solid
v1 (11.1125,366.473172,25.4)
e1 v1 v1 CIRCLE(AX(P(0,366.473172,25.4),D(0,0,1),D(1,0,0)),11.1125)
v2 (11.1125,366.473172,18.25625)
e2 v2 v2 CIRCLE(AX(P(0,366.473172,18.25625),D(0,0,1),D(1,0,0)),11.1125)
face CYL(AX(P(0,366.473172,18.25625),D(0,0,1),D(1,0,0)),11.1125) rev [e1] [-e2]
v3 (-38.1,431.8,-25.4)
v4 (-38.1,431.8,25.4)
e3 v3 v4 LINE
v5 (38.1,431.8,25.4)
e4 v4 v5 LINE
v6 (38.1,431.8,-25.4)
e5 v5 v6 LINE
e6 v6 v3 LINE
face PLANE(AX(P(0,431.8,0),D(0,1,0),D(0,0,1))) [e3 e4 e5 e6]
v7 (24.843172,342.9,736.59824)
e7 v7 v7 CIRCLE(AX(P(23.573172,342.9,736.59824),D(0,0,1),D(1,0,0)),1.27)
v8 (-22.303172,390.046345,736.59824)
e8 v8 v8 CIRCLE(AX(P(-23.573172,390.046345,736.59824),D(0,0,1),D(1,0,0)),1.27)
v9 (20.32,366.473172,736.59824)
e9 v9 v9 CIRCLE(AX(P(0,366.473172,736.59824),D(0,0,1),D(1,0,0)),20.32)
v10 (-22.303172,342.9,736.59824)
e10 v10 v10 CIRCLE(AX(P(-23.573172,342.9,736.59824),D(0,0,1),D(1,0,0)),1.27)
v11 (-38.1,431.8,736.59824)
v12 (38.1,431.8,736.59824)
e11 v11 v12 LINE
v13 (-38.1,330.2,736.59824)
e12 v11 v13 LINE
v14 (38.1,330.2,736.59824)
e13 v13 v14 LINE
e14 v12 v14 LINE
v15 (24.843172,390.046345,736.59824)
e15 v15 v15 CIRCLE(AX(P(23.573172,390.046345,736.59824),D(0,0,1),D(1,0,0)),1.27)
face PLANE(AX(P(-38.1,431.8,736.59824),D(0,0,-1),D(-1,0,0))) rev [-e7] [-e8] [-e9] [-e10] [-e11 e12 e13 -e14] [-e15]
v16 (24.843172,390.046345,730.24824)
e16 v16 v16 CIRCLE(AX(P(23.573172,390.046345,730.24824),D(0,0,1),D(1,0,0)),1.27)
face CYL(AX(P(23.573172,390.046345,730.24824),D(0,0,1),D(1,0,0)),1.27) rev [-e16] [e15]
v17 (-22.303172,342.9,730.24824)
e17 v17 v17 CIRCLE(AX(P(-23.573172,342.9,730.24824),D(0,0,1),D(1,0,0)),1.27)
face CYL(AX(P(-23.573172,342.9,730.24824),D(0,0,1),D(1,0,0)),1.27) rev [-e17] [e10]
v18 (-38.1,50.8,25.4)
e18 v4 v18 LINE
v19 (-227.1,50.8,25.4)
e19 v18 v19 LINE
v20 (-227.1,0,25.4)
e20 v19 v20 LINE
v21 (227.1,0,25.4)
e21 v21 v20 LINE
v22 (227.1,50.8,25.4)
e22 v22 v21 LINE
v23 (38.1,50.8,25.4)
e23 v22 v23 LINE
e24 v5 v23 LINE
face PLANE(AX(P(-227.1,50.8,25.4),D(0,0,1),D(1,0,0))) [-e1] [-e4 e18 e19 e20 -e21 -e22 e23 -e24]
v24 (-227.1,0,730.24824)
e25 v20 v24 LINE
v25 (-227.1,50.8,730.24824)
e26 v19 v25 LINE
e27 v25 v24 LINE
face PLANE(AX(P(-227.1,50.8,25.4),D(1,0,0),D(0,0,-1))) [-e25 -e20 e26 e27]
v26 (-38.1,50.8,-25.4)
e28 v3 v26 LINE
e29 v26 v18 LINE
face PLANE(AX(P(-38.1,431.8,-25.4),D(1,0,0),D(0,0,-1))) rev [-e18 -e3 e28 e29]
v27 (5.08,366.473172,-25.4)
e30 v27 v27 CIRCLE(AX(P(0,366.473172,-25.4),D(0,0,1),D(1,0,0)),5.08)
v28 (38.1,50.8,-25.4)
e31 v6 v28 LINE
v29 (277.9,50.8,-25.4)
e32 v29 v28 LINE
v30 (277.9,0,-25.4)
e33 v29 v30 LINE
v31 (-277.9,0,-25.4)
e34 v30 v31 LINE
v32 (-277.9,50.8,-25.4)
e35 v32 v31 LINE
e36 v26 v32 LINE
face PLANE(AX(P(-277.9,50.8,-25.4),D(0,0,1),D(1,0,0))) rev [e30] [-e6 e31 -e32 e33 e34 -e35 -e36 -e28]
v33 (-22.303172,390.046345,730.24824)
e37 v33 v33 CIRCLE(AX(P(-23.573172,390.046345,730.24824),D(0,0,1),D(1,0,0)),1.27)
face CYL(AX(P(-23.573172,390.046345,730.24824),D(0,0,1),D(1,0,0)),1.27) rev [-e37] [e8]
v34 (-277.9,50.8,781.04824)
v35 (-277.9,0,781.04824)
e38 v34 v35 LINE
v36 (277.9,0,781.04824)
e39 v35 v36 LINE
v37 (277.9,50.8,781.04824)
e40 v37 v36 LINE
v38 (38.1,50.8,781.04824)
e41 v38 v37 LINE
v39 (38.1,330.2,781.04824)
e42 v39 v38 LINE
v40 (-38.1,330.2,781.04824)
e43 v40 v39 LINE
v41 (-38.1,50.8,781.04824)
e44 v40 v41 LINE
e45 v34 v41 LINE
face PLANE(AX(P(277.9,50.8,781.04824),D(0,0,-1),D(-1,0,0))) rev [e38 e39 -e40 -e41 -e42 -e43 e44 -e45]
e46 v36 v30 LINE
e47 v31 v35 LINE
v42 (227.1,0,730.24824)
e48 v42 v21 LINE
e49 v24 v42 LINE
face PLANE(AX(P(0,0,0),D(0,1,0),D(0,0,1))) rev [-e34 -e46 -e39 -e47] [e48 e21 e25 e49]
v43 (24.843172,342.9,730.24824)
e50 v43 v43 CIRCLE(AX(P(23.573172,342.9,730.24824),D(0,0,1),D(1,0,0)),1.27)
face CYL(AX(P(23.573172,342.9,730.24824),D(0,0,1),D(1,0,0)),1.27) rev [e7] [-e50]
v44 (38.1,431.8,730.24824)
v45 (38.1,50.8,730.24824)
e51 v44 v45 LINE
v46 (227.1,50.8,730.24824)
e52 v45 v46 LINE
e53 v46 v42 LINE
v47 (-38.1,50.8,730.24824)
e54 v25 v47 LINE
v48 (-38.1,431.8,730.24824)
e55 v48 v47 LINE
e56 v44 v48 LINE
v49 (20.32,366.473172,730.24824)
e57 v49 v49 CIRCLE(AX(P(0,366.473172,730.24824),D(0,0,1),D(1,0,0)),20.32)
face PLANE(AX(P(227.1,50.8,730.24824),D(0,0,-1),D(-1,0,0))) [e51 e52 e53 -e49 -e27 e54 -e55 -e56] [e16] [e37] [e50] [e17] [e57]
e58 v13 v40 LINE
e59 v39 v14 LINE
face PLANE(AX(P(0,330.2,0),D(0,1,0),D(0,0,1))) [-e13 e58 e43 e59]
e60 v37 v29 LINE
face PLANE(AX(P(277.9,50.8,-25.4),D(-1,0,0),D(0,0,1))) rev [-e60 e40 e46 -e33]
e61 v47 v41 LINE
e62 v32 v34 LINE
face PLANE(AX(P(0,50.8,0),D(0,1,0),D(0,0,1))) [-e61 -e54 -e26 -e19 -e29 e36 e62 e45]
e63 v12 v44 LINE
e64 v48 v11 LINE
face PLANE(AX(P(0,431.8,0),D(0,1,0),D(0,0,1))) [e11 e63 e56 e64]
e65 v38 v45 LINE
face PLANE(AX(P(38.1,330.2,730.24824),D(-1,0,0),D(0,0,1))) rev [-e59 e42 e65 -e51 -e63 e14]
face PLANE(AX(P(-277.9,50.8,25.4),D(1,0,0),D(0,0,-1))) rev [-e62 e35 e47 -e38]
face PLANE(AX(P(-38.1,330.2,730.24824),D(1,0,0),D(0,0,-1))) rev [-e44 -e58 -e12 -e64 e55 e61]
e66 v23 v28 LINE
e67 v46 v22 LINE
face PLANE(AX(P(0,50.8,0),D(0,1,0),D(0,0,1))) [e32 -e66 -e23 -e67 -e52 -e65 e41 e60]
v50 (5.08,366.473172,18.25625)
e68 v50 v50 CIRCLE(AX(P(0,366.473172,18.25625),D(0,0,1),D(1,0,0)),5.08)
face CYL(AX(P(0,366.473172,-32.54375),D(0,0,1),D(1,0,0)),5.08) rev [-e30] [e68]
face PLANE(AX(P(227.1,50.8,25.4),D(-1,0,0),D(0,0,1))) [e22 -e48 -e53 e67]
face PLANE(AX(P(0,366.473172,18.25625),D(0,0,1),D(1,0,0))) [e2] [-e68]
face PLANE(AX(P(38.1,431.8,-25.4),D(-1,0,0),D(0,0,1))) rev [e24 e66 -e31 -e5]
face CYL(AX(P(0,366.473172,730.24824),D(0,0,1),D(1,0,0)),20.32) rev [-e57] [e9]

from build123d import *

# Parameters (mm, degrees)
SKETCH1_W           = 454.199999904
SKETCH1_H           = 704.848240034
BOSS_EXTRUDE1_DEPTH = 50.8
SKETCH2_W           = 76.2
SKETCH2_H           = 50.8
BOSS_EXTRUDE2_DEPTH = 279.4
SKETCH4_W           = 76.2
SKETCH4_H           = 50.8
BOSS_EXTRUDE3_DEPTH = 381
SKETCH5_W           = 76.2
SKETCH5_H           = 6.35
BOSS_EXTRUDE4_DEPTH = 101.6
SKETCH6_R           = 1.27
SKETCH6_R_2         = 20.32
CUT_EXTRUDE2_DEPTH  = 6.35
SKETCH8_R           = 11.1125
CUT_EXTRUDE4_DEPTH  = 7.14375
SKETCH9_R           = 5.08
CUT_EXTRUDE5_DEPTH  = 50.8


with BuildPart() as part:
    # Sketch1 → Boss-Extrude1 (new body)
    with BuildSketch(Plane(origin=(0, 0, 0), x_dir=(1, 0, 0), z_dir=(0, 1, 0))):
        Polygon((-277.899999952, 25.4), (277.899999952, 25.4), (277.899999952, -25.4), (277.899999952, -781.048240034), (227.099999952, -781.048240034), (-227.099999952, -781.048240034), (-277.899999952, -781.048240034), (-277.899999952, -25.4), align=None)
        with Locations((0, -377.824120017)):
            Rectangle(SKETCH1_W, SKETCH1_H, mode=Mode.SUBTRACT)
    extrude(amount=BOSS_EXTRUDE1_DEPTH)

    # Sketch2 → Boss-Extrude2 (add)
    with BuildSketch(Plane(origin=(0, 50.8, 0), x_dir=(1, 0, 0), z_dir=(0, 1, 0))):
        with Locations((0, -755.648240034)):
            Rectangle(SKETCH2_W, SKETCH2_H)
    extrude(amount=BOSS_EXTRUDE2_DEPTH)

    # Sketch4 → Boss-Extrude3 (add)
    with BuildSketch(Plane(origin=(0, 50.8, 0), x_dir=(1, 0, 0), z_dir=(0, 1, 0))):
        Rectangle(SKETCH4_W, SKETCH4_H)
    extrude(amount=BOSS_EXTRUDE3_DEPTH)

    # Sketch5 → Boss-Extrude4 (add)
    with BuildSketch(Plane(origin=(0, 330.2, 0), x_dir=(1, 0, 0), z_dir=(0, 1, 0))):
        with Locations((0, -733.423240034)):
            Rectangle(SKETCH5_W, SKETCH5_H)
    extrude(amount=BOSS_EXTRUDE4_DEPTH)

    # Sketch6 → Cut-Extrude2 (cut)
    with BuildSketch(Plane.XY.offset(736.598240034)):
        with Locations((-23.57317231, 390.04634462)):
            Circle(SKETCH6_R)
        with Locations((-23.57317231, 342.9)):
            Circle(SKETCH6_R)
        with Locations((23.57317231, 390.04634462)):
            Circle(SKETCH6_R)
        with Locations((23.57317231, 342.9)):
            Circle(SKETCH6_R)
        with Locations((0, 366.47317231)):
            Circle(SKETCH6_R_2)
    extrude(amount=-CUT_EXTRUDE2_DEPTH, mode=Mode.SUBTRACT)

    # Sketch8 → Cut-Extrude4 (cut)
    with BuildSketch(Plane.XY.offset(25.4)):
        with Locations((0, 366.47317231)):
            Circle(SKETCH8_R)
    extrude(amount=-CUT_EXTRUDE4_DEPTH, mode=Mode.SUBTRACT)

    # Sketch9 → Cut-Extrude5 (cut)
    with BuildSketch(Plane.XY.offset(18.25625)):
        with Locations((0, 366.47317231)):
            Circle(SKETCH9_R)
    extrude(amount=-CUT_EXTRUDE5_DEPTH, mode=Mode.SUBTRACT)


solid = part.part
